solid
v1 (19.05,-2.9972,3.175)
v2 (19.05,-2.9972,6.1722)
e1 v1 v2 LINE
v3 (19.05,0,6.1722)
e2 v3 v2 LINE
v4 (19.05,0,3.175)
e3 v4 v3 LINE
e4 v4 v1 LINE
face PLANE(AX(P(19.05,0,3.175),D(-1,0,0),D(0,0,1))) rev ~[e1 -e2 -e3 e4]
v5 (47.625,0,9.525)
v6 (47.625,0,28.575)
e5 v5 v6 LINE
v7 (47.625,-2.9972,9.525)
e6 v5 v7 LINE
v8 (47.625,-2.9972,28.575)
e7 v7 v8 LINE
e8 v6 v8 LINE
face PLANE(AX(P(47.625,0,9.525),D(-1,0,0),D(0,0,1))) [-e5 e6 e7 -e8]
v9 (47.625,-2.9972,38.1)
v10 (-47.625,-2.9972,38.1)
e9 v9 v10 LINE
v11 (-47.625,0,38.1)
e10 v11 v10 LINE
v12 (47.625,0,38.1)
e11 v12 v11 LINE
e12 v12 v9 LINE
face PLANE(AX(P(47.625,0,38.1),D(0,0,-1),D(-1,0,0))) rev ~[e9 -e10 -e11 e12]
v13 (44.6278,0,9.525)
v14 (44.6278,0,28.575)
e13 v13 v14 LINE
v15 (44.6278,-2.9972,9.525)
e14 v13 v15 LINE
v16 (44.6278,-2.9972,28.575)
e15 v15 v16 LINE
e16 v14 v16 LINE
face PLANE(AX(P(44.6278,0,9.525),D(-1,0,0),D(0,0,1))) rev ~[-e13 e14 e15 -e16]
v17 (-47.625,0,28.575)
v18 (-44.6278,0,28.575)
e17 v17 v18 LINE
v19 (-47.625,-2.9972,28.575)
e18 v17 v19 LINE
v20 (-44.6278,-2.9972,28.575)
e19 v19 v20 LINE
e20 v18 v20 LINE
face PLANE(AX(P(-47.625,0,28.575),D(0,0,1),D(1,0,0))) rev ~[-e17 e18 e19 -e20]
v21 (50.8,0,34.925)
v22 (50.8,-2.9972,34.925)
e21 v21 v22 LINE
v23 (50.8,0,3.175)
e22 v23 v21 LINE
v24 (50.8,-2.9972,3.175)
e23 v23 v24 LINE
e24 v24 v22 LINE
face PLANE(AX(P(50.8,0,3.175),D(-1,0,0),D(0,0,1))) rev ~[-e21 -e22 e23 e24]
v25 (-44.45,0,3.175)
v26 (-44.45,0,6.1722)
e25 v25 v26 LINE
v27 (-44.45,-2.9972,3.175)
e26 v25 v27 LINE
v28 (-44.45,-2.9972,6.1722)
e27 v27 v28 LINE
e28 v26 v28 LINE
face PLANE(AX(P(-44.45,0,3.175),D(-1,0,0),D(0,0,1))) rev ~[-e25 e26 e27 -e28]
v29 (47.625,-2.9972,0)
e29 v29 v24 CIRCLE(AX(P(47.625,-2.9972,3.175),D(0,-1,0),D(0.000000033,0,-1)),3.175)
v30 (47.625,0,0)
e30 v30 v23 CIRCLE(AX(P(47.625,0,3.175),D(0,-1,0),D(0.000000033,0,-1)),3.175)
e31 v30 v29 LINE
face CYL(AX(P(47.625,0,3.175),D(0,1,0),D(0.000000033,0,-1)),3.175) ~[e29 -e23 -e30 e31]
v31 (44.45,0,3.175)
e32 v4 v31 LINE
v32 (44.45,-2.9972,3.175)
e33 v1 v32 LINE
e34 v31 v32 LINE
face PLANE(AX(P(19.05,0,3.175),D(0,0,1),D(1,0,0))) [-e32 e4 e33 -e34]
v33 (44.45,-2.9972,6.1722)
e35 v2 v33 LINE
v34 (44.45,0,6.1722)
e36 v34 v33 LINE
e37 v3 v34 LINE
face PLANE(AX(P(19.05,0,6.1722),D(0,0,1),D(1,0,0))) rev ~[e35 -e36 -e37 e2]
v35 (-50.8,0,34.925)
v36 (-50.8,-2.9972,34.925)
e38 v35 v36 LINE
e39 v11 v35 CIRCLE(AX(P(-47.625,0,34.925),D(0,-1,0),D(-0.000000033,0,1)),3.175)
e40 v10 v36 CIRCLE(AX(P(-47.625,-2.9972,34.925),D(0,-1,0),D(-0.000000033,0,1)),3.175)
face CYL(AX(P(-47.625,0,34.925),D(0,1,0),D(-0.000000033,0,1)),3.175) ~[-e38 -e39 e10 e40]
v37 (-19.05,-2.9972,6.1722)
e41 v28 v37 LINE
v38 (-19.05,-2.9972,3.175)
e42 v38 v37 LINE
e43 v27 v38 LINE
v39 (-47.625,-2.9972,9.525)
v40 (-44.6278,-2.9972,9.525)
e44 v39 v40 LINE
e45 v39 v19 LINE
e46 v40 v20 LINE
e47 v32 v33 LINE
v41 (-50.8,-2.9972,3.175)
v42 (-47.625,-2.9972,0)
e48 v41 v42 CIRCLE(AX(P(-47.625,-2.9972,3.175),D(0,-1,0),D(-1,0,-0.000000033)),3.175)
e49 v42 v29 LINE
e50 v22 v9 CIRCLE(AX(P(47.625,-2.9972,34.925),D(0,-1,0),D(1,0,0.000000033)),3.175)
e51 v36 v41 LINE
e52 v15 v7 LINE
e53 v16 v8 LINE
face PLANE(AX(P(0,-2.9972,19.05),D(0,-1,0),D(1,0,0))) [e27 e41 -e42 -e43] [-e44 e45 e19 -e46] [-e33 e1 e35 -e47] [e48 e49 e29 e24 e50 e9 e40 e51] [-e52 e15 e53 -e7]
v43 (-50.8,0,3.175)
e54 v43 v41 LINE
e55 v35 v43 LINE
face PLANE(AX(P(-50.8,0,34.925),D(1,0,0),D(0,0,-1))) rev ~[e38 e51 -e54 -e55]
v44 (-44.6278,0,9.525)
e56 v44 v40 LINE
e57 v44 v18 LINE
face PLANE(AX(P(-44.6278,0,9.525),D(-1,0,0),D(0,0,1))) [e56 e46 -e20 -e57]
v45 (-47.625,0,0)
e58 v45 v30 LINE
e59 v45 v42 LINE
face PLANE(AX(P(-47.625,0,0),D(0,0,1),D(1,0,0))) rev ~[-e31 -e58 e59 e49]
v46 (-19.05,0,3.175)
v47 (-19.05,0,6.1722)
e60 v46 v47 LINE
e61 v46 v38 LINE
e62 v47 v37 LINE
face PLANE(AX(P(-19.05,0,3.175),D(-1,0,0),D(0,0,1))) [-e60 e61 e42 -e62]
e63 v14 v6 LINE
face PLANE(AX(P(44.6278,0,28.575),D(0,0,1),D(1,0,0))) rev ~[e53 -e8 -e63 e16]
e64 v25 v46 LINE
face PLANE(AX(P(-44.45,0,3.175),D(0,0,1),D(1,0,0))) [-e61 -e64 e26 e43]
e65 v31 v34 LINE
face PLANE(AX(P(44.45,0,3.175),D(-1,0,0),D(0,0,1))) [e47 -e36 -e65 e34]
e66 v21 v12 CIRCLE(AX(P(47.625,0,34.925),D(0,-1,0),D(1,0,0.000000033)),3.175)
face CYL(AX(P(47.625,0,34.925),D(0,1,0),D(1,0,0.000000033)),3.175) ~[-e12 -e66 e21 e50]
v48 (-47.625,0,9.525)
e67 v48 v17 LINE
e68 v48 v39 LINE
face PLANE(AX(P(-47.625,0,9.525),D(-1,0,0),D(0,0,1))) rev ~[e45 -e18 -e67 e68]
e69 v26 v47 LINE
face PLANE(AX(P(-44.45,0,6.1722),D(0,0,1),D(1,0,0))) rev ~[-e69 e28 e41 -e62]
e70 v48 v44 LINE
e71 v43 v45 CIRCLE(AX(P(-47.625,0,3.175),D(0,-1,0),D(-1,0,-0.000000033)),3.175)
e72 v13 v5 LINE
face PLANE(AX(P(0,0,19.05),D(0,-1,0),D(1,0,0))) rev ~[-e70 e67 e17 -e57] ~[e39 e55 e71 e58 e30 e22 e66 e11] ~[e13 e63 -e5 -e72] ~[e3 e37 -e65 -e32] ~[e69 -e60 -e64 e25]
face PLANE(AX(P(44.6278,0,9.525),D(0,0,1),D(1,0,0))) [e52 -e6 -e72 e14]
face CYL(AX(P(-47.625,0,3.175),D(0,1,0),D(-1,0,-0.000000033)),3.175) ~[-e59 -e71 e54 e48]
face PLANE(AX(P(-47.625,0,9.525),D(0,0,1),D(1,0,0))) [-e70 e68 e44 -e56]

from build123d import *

# Parameters (mm, degrees)
F0_W     = 25.4
F0_H     = 2.9972
F0_W_2   = 2.9972
F0_H_2   = 19.05
F1_DEPTH = 2.9972


with BuildPart() as f1:
    # F0 (on Front) → F1 (new body)
    with BuildSketch(Plane.XZ):
        with BuildLine():
            ThreePointArc((-50.8, 3.175), (-49.870064, 0.929936), (-47.625, 0))
            Line((-47.625, 0), (47.625, 0))
            ThreePointArc((47.625, 0), (49.870064, 0.929936), (50.8, 3.175))
            Line((50.8, 3.175), (50.8, 34.925))
            ThreePointArc((50.8, 34.925), (49.870064, 37.170064), (47.625, 38.1))
            Line((47.625, 38.1), (-47.625, 38.1))
            ThreePointArc((-47.625, 38.1), (-49.870064, 37.170064), (-50.8, 34.925))
            Line((-50.8, 34.925), (-50.8, 3.175))
        make_face()
        with Locations((-31.75, 4.6736)):
            Rectangle(F0_W, F0_H, mode=Mode.SUBTRACT)
        with Locations((31.75, 4.6736)):
            Rectangle(F0_W, F0_H, mode=Mode.SUBTRACT)
        with Locations((-46.1264, 19.05)):
            Rectangle(F0_W_2, F0_H_2, mode=Mode.SUBTRACT)
        with Locations((46.1264, 19.05)):
            Rectangle(F0_W_2, F0_H_2, mode=Mode.SUBTRACT)
    extrude(amount=F1_DEPTH)


solid = f1.part
